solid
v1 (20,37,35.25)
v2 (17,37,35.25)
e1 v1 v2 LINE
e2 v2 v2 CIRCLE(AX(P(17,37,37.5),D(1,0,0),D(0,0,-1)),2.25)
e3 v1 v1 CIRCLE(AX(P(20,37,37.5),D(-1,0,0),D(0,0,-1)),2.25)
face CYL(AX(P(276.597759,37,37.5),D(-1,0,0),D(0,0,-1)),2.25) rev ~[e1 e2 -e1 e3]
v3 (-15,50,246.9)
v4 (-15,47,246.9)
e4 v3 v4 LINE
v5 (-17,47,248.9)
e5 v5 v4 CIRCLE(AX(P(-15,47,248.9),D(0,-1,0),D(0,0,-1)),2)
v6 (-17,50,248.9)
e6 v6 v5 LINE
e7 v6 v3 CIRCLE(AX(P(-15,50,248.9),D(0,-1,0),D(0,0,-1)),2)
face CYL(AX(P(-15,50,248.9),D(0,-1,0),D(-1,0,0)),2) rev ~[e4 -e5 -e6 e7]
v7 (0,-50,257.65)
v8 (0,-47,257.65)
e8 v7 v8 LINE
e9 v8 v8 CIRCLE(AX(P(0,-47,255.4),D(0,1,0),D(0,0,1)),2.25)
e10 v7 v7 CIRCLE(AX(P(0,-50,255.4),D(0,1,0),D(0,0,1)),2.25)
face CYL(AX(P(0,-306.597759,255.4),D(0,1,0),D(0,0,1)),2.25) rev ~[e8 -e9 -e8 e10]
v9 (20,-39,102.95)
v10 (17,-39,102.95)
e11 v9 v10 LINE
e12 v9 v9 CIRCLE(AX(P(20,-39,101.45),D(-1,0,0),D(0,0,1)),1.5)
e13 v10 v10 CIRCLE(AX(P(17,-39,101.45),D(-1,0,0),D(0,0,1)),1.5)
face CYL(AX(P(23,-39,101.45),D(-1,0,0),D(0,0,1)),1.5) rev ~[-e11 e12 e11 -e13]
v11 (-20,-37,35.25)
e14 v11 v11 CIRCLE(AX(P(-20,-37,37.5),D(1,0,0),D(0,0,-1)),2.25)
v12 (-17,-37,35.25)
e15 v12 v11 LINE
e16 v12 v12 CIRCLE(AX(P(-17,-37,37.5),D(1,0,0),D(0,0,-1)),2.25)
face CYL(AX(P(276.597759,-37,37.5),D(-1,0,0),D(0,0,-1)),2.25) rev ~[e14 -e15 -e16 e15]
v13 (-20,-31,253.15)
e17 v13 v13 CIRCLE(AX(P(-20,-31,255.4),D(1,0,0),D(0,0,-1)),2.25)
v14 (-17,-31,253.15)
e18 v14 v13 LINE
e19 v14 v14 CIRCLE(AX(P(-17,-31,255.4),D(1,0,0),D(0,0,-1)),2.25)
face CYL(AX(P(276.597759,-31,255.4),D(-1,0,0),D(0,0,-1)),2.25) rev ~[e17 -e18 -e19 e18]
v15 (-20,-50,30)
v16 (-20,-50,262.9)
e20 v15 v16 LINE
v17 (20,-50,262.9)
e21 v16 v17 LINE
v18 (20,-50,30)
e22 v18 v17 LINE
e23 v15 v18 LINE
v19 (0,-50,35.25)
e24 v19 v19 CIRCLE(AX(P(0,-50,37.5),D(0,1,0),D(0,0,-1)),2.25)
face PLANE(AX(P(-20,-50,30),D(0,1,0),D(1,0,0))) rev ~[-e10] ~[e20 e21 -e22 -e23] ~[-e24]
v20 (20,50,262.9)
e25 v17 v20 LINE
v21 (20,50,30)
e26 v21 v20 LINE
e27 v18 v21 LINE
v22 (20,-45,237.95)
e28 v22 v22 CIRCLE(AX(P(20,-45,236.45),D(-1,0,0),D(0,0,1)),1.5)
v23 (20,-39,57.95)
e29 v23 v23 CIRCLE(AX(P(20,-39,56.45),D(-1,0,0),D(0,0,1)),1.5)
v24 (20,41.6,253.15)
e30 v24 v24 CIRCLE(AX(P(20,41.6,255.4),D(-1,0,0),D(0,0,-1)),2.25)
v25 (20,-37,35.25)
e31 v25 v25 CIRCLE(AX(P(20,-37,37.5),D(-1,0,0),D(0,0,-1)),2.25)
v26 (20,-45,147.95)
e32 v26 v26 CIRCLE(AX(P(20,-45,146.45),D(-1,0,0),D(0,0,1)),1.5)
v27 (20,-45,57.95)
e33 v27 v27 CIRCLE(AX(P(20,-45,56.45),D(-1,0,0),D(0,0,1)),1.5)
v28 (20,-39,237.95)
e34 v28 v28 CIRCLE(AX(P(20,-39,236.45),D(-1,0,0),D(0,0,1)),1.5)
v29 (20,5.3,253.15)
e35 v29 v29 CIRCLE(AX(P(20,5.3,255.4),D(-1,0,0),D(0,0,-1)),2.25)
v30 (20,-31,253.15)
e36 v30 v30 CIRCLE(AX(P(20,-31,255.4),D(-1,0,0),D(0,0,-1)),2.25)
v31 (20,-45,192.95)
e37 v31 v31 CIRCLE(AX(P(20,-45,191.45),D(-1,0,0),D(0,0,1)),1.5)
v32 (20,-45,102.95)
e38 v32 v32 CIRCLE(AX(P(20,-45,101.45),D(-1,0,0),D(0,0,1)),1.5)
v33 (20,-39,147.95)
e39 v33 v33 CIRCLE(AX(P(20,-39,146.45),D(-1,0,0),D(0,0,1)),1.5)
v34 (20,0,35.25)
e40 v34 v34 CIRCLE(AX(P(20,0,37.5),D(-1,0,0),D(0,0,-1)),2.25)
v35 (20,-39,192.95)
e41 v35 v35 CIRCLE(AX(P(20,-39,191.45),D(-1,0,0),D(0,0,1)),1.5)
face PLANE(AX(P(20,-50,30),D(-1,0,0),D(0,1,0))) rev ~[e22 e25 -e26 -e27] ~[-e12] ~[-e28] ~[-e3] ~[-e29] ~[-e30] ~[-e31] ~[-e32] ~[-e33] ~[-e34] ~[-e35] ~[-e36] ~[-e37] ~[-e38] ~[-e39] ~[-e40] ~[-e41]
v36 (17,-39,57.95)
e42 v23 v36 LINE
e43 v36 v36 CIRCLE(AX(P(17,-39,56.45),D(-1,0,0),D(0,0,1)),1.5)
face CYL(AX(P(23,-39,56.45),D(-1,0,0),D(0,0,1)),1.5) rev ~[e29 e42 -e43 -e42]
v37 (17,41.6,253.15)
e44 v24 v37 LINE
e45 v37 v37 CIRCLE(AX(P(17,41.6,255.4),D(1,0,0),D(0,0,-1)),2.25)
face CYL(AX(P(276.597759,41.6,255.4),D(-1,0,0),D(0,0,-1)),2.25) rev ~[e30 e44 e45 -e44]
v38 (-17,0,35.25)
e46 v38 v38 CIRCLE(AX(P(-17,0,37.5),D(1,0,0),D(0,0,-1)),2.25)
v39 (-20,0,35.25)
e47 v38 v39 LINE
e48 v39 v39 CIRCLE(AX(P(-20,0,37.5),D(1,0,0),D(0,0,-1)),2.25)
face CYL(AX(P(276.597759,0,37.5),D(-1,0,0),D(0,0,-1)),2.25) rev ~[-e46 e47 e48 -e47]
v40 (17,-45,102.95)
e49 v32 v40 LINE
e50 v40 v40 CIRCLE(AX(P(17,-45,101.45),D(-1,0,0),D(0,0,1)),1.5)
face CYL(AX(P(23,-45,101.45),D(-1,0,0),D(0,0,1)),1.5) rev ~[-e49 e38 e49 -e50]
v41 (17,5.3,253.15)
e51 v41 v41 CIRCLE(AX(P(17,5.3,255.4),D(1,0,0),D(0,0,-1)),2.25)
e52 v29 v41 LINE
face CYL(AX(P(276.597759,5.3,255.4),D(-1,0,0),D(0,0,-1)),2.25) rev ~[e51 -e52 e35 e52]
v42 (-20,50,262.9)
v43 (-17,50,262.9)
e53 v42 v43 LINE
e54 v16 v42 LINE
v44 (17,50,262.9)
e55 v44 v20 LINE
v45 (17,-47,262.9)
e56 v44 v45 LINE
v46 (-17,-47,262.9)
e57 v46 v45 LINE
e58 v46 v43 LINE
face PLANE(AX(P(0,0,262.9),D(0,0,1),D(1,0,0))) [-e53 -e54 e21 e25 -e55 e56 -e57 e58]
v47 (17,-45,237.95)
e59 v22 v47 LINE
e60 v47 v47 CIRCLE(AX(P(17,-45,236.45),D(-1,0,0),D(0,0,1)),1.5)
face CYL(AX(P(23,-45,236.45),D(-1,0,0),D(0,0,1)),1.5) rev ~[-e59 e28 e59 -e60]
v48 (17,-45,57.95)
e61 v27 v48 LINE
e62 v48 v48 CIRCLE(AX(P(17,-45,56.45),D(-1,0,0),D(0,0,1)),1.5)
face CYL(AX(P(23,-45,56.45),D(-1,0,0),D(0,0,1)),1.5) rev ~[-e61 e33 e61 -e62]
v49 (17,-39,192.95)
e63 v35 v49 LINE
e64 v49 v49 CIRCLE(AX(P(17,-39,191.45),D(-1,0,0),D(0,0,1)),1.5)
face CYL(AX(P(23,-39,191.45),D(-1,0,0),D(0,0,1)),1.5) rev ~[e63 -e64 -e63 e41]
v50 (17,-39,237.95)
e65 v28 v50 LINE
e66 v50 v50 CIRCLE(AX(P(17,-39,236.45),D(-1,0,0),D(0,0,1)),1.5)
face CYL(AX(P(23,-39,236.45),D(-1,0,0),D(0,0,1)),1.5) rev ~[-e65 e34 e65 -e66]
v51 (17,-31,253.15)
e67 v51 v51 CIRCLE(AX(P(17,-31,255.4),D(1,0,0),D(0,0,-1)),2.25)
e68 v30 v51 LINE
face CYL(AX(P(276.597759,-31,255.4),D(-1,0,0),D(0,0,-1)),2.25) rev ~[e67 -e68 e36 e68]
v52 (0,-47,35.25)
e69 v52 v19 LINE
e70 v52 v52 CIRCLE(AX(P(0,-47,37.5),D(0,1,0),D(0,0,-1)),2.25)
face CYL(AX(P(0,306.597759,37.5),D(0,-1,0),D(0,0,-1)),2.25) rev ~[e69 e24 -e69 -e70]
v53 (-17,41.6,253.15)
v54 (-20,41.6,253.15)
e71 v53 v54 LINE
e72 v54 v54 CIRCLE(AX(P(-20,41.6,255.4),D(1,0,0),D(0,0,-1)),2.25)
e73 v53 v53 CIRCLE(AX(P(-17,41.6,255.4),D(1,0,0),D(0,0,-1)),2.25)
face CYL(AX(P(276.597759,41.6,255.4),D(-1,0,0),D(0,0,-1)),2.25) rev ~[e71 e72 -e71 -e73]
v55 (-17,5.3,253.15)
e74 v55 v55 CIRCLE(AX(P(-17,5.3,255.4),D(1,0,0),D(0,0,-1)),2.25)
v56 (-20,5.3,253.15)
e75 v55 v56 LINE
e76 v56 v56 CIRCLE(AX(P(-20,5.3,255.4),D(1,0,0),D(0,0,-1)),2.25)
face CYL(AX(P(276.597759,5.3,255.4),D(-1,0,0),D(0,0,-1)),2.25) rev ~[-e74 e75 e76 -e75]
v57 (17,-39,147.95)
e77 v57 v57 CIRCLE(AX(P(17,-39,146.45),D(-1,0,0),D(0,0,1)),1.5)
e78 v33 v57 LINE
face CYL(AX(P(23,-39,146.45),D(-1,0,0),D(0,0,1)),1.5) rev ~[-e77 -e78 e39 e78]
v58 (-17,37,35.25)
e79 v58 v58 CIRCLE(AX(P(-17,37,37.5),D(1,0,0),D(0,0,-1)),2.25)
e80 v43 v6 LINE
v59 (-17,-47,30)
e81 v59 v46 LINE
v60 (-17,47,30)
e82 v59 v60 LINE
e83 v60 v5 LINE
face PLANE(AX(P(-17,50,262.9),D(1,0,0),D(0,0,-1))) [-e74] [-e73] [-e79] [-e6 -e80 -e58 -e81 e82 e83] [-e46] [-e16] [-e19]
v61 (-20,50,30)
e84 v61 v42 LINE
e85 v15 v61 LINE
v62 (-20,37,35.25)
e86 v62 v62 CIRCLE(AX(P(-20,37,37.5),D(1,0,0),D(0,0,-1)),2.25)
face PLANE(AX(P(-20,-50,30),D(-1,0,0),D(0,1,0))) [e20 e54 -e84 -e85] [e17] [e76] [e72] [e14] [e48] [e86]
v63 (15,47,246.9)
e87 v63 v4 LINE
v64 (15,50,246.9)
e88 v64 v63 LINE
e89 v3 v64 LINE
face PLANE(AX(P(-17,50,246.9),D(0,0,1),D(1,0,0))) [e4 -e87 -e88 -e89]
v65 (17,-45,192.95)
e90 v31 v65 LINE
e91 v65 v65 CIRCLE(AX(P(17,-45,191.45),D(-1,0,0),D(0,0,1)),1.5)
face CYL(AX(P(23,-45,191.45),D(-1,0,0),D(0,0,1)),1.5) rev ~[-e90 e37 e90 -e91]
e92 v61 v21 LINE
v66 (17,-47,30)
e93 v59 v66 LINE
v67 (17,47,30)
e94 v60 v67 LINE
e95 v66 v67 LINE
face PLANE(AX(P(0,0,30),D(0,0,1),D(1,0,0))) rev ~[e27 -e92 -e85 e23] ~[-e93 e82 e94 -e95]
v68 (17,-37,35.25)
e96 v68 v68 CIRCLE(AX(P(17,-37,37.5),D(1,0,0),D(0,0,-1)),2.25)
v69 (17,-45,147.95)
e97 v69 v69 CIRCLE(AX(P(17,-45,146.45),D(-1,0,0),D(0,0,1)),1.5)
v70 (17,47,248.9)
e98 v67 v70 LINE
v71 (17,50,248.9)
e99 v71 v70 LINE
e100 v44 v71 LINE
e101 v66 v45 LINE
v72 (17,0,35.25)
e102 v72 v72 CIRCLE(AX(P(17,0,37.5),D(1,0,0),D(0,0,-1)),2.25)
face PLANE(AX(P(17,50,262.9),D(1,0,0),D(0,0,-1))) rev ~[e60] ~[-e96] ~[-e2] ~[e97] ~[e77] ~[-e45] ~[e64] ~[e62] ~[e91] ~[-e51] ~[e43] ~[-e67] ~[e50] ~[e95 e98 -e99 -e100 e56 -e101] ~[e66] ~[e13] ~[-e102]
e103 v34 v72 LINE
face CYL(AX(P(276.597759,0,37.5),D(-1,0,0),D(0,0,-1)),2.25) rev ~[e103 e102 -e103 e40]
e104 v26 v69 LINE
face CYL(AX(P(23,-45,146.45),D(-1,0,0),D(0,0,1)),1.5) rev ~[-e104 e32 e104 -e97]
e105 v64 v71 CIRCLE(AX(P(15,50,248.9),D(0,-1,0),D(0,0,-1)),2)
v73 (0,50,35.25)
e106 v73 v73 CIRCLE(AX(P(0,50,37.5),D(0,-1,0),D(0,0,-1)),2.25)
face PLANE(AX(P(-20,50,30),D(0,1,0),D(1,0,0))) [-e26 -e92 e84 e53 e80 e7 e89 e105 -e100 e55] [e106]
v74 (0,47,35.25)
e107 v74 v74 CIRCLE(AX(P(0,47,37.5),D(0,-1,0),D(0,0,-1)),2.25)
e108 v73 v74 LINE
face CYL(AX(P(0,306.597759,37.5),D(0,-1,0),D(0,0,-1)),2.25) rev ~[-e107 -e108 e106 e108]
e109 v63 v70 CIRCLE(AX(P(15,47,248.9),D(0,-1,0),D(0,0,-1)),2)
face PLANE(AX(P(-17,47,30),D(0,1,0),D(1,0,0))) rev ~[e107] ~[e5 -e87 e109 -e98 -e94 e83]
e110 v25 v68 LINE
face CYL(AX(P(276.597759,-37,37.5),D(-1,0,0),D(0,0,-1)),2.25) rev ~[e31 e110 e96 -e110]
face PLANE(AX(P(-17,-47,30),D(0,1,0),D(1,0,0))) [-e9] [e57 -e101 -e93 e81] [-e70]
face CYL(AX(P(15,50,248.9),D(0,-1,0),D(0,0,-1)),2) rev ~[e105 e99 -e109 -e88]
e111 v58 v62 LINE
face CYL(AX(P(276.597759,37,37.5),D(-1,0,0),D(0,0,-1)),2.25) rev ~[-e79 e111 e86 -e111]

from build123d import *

# Parameters (mm, degrees)
SKETCH1_W                      = 40
SKETCH1_H                      = 100
SKETCH1_W_2                    = 34
SKETCH1_H_2                    = 94
BOSS_EXTRUDE1_DEPTH            = 232.9
CUT_EXTRUDE2_REACH             = 283.987
SKETCH8_W                      = 34
SKETCH8_H                      = 16
CUT_EXTRUDE2_DIRECTION_2_DEPTH = 282.986542232
M4_CLEARANCE_HOLE1_D           = 4.5
M4_CLEARANCE_HOLE1_ON_FACE_2_D = 4.5
M4_CLEARANCE_HOLE1_ON_FACE_3_D = 4.5
M4_CLEARANCE_HOLE1_ON_FACE_4_D = 4.5
FILLET1_R                      = 2
F_3_0_3_DIAMETER_HOLE1_D       = 3
F_3_0_3_DIAMETER_HOLE1_DEPTH   = 3


with BuildPart() as part:
    # Sketch1 → Boss-Extrude1 (new body)
    with BuildSketch(Plane.XY.offset(30)):
        Rectangle(SKETCH1_W, SKETCH1_H)
        Rectangle(SKETCH1_W_2, SKETCH1_H_2, mode=Mode.SUBTRACT)
    extrude(amount=BOSS_EXTRUDE1_DEPTH)

    # Sketch8 → Cut-Extrude2 (cut, up to next)
    with BuildSketch(Plane(origin=(0, 50, 0), x_dir=(1, 0, 0), z_dir=(0, 1, 0)), mode=Mode.PRIVATE) as cut_extrude2_sk1:
        with Locations((0, -254.9)):
            Rectangle(SKETCH8_W, SKETCH8_H)
    cut_extrude2_tool1 = extrude(cut_extrude2_sk1.sketch, amount=-CUT_EXTRUDE2_REACH, mode=Mode.PRIVATE) & part.part
    add(cut_extrude2_tool1.solids().sort_by_distance((0, 50, 254.9))[0], mode=Mode.SUBTRACT)

    # Sketch8 → Cut-Extrude2 direction 2 (cut)
    with BuildSketch(Plane(origin=(0, 50, 0), x_dir=(1, 0, 0), z_dir=(0, 1, 0))):
        with Locations((0, -254.9)):
            Rectangle(SKETCH8_W, SKETCH8_H)
    extrude(amount=CUT_EXTRUDE2_DIRECTION_2_DEPTH, mode=Mode.SUBTRACT)

    # M4 Clearance Hole1 (through all)
    with Locations(Plane(origin=(20, 37, 37.5), x_dir=(0, 0, 1), z_dir=(1, 0, 0))):
        with Locations((0, 0), (0, 37), (217.9, 68), (217.9, 31.7), (217.9, -4.6), (0, 74)):
            Hole(M4_CLEARANCE_HOLE1_D / 2)

    # M4 Clearance Hole1 on face 2 (through all)
    with Locations(Plane(origin=(0, 50, 37.5), x_dir=(0, 0, 1), z_dir=(0, 1, 0))):
        with Locations((0, 0)):
            Hole(M4_CLEARANCE_HOLE1_ON_FACE_2_D / 2)

    # M4 Clearance Hole1 on face 3 (through all)
    with Locations(Plane(origin=(-20, -37, 37.5), x_dir=(0, 0, -1), z_dir=(-1, 0, 0))):
        with Locations((0, 0), (0, -37), (0, -74), (-217.9, -6), (-217.9, -42.3), (-217.9, -78.6)):
            Hole(M4_CLEARANCE_HOLE1_ON_FACE_3_D / 2)

    # M4 Clearance Hole1 on face 4 (through all)
    with Locations(Plane(origin=(0, -50, 37.5), x_dir=(0, 0, -1), z_dir=(0, -1, 0))):
        with Locations((0, 0), (-217.9, 0)):
            Hole(M4_CLEARANCE_HOLE1_ON_FACE_4_D / 2)

    # Fillet1
    fillet1_edges = [part.edges().sort_by_distance(p)[0] for p in [
        (17, 48.5, 246.9),
        (-17, 48.5, 246.9),
    ]]
    fillet(fillet1_edges, radius=FILLET1_R)

    # Ø3.0 (3) Diameter Hole1
    with Locations(Plane(origin=(20, 0, 0), x_dir=(0, 0, -1), z_dir=(1, 0, 0))):
        with Locations((-56.45, -45), (-236.45, -39), (-236.45, -45), (-191.45, -39), (-146.45, -39), (-101.45, -39), (-56.45, -39), (-191.45, -45), (-146.45, -45), (-101.45, -45)):
            Hole(F_3_0_3_DIAMETER_HOLE1_D / 2, depth=F_3_0_3_DIAMETER_HOLE1_DEPTH)


solid = part.part
